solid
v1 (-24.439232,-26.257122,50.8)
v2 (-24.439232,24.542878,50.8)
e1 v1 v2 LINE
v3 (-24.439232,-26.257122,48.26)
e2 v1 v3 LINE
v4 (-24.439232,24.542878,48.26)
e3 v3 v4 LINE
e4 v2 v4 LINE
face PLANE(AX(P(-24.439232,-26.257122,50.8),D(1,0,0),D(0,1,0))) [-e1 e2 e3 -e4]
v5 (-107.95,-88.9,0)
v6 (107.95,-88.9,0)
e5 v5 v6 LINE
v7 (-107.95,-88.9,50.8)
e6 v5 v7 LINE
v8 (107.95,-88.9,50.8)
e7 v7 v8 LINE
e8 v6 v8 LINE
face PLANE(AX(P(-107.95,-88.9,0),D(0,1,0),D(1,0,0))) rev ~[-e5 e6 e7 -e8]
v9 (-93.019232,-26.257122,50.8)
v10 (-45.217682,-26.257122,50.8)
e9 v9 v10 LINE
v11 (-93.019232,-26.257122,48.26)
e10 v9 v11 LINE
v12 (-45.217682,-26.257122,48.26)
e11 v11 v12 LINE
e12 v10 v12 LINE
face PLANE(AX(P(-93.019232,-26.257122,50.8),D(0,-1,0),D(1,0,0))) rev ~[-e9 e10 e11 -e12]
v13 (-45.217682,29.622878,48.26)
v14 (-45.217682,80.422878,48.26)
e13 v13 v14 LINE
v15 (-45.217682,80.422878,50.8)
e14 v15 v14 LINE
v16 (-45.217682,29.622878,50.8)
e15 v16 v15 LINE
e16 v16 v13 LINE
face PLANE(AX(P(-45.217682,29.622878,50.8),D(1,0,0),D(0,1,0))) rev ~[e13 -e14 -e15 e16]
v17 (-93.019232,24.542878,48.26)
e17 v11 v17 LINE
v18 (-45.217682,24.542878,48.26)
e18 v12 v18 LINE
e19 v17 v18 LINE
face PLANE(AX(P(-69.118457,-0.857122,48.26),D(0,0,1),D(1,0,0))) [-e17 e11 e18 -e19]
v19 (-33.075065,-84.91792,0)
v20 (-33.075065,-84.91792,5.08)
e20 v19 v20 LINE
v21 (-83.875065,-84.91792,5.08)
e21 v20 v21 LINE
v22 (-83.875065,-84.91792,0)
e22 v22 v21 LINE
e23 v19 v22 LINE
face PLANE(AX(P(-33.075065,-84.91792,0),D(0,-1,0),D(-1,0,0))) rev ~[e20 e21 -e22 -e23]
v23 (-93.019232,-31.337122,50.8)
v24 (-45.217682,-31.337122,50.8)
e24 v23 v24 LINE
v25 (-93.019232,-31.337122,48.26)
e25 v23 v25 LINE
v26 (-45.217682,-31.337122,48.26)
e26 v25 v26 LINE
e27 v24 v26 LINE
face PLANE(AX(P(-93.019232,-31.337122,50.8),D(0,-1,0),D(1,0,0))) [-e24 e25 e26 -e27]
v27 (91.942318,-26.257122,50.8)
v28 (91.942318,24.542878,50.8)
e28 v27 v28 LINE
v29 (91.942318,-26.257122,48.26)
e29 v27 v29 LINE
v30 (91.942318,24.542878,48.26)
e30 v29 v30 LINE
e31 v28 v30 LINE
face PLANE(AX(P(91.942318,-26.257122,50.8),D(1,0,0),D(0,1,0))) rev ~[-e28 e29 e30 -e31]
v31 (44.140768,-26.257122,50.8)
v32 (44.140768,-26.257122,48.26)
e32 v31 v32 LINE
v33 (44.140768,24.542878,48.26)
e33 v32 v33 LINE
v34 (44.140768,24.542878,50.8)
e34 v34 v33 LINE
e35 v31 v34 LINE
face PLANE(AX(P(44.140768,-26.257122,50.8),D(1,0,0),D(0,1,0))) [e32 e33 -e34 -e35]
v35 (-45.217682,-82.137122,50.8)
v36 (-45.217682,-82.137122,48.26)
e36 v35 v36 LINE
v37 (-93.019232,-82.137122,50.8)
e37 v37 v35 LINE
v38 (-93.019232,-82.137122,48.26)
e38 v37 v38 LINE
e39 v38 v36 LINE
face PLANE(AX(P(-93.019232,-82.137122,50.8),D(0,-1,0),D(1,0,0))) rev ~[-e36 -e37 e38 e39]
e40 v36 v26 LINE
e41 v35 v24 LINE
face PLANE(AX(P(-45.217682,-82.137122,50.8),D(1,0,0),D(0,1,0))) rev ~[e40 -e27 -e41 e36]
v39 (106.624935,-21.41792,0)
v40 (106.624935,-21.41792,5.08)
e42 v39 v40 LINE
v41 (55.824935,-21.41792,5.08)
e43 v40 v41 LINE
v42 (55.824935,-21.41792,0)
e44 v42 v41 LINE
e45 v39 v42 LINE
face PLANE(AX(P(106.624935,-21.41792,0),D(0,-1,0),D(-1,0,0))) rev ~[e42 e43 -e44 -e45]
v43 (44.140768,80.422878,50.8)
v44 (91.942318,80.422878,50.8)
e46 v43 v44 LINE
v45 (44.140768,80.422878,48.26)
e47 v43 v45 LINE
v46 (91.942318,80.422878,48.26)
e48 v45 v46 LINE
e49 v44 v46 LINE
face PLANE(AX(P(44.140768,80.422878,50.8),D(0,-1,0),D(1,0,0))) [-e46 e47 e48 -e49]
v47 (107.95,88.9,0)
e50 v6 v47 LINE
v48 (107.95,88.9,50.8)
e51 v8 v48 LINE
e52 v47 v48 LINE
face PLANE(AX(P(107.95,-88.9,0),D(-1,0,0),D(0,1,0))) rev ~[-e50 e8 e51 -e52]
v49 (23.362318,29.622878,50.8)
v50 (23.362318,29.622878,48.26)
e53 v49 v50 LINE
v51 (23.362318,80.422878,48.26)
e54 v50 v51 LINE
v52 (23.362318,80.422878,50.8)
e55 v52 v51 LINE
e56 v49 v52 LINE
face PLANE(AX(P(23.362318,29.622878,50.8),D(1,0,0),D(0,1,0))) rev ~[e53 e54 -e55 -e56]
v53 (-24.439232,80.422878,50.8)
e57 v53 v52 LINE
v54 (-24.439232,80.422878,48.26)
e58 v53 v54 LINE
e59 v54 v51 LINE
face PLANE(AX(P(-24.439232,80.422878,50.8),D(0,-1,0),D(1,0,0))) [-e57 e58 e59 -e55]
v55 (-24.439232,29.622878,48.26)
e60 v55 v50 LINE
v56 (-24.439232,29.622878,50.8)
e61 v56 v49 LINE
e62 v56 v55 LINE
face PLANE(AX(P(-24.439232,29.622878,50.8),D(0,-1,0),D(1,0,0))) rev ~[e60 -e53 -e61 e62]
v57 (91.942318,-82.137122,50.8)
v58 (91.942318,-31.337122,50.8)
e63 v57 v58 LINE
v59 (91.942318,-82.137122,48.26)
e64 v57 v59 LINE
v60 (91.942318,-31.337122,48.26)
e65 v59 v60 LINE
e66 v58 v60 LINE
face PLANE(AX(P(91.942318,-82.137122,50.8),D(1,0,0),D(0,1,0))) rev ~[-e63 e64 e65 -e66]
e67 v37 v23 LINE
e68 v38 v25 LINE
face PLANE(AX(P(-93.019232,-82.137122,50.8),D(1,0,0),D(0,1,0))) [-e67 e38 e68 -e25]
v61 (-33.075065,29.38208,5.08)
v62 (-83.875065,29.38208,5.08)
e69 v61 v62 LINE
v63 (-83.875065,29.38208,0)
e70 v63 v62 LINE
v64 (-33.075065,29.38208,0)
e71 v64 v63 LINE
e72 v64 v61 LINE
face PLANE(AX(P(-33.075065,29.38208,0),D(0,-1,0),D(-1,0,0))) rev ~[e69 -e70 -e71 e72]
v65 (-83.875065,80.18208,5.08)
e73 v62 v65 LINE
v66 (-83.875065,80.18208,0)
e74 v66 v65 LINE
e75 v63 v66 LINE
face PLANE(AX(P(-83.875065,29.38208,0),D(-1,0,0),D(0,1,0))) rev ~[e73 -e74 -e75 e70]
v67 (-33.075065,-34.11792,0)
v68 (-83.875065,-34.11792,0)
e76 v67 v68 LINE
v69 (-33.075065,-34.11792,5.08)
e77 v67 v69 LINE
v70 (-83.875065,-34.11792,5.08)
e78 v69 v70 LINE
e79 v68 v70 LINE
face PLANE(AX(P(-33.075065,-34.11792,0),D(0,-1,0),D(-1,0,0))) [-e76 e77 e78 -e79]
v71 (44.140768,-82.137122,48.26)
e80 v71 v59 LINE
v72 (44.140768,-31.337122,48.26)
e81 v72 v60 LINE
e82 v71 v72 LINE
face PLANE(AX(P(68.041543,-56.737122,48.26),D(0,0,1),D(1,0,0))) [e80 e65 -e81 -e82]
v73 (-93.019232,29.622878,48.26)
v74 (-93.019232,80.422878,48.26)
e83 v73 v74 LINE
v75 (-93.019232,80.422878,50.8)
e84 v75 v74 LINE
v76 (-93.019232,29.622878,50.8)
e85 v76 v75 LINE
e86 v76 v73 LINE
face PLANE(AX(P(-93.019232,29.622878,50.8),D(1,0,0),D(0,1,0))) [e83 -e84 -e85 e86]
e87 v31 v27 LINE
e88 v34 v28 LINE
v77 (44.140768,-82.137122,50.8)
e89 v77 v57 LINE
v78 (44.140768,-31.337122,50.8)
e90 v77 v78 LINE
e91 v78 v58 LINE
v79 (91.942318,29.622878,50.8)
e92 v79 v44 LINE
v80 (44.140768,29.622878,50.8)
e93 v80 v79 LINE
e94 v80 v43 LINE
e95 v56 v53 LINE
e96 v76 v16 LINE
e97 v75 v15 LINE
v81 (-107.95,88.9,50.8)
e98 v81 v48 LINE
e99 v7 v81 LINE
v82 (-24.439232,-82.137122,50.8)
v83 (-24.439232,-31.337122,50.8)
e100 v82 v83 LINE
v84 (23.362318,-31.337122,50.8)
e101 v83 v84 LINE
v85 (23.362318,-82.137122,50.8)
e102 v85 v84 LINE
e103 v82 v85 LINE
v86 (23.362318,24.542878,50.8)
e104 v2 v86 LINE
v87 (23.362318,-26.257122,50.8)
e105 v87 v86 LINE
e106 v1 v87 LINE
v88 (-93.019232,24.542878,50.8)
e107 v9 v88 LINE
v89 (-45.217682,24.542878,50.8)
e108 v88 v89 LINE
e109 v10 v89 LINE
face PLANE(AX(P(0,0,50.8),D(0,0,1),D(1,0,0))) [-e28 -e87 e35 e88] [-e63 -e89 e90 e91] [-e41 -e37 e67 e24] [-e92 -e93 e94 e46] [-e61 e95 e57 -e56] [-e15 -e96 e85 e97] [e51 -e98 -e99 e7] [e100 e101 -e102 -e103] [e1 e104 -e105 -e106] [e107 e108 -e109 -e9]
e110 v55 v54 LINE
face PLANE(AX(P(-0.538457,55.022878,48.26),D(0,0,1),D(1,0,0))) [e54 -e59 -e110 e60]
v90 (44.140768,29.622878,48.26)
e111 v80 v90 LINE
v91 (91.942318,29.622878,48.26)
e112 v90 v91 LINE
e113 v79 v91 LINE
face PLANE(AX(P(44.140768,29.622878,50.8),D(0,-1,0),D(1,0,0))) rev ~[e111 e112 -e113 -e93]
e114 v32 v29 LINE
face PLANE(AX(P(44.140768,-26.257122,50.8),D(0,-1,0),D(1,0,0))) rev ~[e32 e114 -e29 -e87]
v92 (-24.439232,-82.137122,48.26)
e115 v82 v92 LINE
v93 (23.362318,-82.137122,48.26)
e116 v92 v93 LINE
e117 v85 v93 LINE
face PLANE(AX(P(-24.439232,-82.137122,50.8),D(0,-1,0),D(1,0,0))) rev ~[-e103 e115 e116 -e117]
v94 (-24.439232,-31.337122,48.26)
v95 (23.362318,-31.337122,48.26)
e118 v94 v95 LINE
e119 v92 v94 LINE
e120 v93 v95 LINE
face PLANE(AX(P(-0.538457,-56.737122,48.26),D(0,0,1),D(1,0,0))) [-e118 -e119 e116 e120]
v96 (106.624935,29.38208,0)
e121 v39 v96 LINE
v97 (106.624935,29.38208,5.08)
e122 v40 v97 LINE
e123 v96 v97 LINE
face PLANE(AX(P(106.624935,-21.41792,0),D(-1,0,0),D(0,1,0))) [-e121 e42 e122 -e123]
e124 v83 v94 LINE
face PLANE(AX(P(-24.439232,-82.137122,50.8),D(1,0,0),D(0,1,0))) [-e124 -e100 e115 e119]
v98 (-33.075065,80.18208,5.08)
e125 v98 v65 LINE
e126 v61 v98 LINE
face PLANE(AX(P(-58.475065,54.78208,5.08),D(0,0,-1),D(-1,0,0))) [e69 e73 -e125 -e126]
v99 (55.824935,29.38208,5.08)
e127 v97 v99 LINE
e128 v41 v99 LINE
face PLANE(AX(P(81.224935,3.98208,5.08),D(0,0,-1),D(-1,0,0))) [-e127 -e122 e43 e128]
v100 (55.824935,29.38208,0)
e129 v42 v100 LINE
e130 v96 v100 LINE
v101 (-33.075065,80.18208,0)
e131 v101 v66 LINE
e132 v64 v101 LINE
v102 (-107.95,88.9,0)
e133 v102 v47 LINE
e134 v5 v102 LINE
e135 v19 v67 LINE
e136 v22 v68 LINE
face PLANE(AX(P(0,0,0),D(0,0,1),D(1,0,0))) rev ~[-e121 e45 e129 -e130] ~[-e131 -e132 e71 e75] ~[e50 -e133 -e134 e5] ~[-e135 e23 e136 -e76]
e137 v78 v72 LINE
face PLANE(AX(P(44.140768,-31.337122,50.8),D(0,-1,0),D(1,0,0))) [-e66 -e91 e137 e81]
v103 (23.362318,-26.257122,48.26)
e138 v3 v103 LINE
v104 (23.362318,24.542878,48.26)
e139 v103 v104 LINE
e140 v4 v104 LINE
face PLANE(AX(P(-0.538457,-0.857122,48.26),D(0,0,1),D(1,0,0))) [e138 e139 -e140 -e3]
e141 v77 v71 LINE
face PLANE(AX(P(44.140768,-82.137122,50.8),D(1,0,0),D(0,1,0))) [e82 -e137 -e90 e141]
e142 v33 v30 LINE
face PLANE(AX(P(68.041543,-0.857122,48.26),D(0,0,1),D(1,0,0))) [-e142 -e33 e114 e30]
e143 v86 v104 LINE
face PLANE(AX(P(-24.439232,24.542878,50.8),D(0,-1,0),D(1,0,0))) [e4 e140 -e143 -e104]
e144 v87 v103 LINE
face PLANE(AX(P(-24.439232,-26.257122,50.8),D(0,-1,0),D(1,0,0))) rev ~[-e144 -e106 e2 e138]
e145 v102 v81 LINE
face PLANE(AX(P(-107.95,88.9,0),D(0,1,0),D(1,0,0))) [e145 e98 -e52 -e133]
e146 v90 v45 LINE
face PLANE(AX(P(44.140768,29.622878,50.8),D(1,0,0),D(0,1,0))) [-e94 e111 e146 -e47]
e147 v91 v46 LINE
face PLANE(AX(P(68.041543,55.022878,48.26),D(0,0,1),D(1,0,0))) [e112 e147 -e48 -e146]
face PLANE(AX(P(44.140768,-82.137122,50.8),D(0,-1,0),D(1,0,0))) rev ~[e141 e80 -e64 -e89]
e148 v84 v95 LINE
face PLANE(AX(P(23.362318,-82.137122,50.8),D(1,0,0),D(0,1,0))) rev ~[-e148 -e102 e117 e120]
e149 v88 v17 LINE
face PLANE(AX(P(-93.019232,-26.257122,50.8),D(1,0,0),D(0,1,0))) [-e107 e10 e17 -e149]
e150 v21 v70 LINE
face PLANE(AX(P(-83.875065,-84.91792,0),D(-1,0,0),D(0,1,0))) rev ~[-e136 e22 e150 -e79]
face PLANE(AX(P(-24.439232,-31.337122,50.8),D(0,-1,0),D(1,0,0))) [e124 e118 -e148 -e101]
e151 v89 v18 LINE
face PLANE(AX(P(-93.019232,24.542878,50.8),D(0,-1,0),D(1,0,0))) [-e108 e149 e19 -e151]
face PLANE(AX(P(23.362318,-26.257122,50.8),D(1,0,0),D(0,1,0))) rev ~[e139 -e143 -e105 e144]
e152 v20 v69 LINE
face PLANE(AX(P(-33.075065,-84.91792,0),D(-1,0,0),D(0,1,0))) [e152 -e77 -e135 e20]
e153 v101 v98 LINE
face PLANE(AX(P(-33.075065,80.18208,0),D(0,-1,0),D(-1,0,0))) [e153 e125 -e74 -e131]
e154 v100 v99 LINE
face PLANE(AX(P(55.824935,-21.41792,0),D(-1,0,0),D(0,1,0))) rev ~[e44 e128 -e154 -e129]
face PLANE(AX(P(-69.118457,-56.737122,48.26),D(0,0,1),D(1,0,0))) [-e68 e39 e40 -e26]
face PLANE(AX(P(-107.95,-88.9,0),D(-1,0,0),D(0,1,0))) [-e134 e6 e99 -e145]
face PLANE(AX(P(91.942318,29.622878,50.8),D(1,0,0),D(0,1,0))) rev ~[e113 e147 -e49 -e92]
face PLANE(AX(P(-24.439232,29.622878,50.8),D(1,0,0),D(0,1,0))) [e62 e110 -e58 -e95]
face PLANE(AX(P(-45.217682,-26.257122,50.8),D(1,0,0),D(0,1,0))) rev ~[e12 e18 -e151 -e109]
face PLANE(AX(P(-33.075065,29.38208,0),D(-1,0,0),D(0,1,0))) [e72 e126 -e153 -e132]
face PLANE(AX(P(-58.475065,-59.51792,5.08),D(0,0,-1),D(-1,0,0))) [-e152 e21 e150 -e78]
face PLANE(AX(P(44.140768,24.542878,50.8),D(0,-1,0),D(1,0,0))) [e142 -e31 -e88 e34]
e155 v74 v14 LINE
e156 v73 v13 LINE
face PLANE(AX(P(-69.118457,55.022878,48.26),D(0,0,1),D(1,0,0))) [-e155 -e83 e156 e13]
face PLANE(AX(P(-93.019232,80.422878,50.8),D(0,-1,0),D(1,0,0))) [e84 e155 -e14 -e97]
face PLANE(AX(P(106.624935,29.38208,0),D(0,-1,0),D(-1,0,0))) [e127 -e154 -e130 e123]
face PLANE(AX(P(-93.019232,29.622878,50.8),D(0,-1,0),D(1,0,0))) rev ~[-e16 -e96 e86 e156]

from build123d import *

# Parameters (mm, degrees)
SKETCH1_W           = 215.9
SKETCH1_H           = 177.8
BOSS_EXTRUDE1_DEPTH = 50.8
SKETCH2_W           = 47.801549888
SKETCH2_H           = 50.8
CUT_EXTRUDE1_DEPTH  = 2.54
SKETCH3_W           = 50.8
SKETCH3_H           = 50.8
CUT_EXTRUDE2_DEPTH  = 5.08


with BuildPart() as part:
    # Sketch1 → Boss-Extrude1 (new body)
    with BuildSketch(Plane.XY):
        Rectangle(SKETCH1_W, SKETCH1_H)
    extrude(amount=BOSS_EXTRUDE1_DEPTH)

    # Sketch2 → Cut-Extrude1 (cut)
    with BuildSketch(Plane.XY.offset(50.8)):
        with Locations((-0.538457271, 55.022877852)):
            Rectangle(SKETCH2_W, SKETCH2_H)
        with Locations((-69.118457271, 55.022877852)):
            Rectangle(SKETCH2_W, SKETCH2_H)
        with Locations((68.041542729, 55.022877852)):
            Rectangle(SKETCH2_W, SKETCH2_H)
        with Locations((-69.118457271, -0.857122148)):
            Rectangle(SKETCH2_W, SKETCH2_H)
        with Locations((-0.538457271, -0.857122148)):
            Rectangle(SKETCH2_W, SKETCH2_H)
        with Locations((68.041542729, -0.857122148)):
            Rectangle(SKETCH2_W, SKETCH2_H)
        with Locations((-69.118457271, -56.737122148)):
            Rectangle(SKETCH2_W, SKETCH2_H)
        with Locations((-0.538457271, -56.737122148)):
            Rectangle(SKETCH2_W, SKETCH2_H)
        with Locations((68.041542729, -56.737122148)):
            Rectangle(SKETCH2_W, SKETCH2_H)
    extrude(amount=-CUT_EXTRUDE1_DEPTH, mode=Mode.SUBTRACT)

    # Sketch3 → Cut-Extrude2 (cut)
    with BuildSketch(Plane(origin=(0, 0, 0), x_dir=(-1, 0, 0), z_dir=(0, 0, -1))):
        with Locations((58.475064597, 54.782080131)):
            Rectangle(SKETCH3_W, SKETCH3_H)
        with Locations((58.475064597, -59.517919869)):
            Rectangle(SKETCH3_W, SKETCH3_H)
        with Locations((-81.224935403, 3.982080131)):
            Rectangle(SKETCH3_W, SKETCH3_H)
    extrude(amount=-CUT_EXTRUDE2_DEPTH, mode=Mode.SUBTRACT)


solid = part.part
